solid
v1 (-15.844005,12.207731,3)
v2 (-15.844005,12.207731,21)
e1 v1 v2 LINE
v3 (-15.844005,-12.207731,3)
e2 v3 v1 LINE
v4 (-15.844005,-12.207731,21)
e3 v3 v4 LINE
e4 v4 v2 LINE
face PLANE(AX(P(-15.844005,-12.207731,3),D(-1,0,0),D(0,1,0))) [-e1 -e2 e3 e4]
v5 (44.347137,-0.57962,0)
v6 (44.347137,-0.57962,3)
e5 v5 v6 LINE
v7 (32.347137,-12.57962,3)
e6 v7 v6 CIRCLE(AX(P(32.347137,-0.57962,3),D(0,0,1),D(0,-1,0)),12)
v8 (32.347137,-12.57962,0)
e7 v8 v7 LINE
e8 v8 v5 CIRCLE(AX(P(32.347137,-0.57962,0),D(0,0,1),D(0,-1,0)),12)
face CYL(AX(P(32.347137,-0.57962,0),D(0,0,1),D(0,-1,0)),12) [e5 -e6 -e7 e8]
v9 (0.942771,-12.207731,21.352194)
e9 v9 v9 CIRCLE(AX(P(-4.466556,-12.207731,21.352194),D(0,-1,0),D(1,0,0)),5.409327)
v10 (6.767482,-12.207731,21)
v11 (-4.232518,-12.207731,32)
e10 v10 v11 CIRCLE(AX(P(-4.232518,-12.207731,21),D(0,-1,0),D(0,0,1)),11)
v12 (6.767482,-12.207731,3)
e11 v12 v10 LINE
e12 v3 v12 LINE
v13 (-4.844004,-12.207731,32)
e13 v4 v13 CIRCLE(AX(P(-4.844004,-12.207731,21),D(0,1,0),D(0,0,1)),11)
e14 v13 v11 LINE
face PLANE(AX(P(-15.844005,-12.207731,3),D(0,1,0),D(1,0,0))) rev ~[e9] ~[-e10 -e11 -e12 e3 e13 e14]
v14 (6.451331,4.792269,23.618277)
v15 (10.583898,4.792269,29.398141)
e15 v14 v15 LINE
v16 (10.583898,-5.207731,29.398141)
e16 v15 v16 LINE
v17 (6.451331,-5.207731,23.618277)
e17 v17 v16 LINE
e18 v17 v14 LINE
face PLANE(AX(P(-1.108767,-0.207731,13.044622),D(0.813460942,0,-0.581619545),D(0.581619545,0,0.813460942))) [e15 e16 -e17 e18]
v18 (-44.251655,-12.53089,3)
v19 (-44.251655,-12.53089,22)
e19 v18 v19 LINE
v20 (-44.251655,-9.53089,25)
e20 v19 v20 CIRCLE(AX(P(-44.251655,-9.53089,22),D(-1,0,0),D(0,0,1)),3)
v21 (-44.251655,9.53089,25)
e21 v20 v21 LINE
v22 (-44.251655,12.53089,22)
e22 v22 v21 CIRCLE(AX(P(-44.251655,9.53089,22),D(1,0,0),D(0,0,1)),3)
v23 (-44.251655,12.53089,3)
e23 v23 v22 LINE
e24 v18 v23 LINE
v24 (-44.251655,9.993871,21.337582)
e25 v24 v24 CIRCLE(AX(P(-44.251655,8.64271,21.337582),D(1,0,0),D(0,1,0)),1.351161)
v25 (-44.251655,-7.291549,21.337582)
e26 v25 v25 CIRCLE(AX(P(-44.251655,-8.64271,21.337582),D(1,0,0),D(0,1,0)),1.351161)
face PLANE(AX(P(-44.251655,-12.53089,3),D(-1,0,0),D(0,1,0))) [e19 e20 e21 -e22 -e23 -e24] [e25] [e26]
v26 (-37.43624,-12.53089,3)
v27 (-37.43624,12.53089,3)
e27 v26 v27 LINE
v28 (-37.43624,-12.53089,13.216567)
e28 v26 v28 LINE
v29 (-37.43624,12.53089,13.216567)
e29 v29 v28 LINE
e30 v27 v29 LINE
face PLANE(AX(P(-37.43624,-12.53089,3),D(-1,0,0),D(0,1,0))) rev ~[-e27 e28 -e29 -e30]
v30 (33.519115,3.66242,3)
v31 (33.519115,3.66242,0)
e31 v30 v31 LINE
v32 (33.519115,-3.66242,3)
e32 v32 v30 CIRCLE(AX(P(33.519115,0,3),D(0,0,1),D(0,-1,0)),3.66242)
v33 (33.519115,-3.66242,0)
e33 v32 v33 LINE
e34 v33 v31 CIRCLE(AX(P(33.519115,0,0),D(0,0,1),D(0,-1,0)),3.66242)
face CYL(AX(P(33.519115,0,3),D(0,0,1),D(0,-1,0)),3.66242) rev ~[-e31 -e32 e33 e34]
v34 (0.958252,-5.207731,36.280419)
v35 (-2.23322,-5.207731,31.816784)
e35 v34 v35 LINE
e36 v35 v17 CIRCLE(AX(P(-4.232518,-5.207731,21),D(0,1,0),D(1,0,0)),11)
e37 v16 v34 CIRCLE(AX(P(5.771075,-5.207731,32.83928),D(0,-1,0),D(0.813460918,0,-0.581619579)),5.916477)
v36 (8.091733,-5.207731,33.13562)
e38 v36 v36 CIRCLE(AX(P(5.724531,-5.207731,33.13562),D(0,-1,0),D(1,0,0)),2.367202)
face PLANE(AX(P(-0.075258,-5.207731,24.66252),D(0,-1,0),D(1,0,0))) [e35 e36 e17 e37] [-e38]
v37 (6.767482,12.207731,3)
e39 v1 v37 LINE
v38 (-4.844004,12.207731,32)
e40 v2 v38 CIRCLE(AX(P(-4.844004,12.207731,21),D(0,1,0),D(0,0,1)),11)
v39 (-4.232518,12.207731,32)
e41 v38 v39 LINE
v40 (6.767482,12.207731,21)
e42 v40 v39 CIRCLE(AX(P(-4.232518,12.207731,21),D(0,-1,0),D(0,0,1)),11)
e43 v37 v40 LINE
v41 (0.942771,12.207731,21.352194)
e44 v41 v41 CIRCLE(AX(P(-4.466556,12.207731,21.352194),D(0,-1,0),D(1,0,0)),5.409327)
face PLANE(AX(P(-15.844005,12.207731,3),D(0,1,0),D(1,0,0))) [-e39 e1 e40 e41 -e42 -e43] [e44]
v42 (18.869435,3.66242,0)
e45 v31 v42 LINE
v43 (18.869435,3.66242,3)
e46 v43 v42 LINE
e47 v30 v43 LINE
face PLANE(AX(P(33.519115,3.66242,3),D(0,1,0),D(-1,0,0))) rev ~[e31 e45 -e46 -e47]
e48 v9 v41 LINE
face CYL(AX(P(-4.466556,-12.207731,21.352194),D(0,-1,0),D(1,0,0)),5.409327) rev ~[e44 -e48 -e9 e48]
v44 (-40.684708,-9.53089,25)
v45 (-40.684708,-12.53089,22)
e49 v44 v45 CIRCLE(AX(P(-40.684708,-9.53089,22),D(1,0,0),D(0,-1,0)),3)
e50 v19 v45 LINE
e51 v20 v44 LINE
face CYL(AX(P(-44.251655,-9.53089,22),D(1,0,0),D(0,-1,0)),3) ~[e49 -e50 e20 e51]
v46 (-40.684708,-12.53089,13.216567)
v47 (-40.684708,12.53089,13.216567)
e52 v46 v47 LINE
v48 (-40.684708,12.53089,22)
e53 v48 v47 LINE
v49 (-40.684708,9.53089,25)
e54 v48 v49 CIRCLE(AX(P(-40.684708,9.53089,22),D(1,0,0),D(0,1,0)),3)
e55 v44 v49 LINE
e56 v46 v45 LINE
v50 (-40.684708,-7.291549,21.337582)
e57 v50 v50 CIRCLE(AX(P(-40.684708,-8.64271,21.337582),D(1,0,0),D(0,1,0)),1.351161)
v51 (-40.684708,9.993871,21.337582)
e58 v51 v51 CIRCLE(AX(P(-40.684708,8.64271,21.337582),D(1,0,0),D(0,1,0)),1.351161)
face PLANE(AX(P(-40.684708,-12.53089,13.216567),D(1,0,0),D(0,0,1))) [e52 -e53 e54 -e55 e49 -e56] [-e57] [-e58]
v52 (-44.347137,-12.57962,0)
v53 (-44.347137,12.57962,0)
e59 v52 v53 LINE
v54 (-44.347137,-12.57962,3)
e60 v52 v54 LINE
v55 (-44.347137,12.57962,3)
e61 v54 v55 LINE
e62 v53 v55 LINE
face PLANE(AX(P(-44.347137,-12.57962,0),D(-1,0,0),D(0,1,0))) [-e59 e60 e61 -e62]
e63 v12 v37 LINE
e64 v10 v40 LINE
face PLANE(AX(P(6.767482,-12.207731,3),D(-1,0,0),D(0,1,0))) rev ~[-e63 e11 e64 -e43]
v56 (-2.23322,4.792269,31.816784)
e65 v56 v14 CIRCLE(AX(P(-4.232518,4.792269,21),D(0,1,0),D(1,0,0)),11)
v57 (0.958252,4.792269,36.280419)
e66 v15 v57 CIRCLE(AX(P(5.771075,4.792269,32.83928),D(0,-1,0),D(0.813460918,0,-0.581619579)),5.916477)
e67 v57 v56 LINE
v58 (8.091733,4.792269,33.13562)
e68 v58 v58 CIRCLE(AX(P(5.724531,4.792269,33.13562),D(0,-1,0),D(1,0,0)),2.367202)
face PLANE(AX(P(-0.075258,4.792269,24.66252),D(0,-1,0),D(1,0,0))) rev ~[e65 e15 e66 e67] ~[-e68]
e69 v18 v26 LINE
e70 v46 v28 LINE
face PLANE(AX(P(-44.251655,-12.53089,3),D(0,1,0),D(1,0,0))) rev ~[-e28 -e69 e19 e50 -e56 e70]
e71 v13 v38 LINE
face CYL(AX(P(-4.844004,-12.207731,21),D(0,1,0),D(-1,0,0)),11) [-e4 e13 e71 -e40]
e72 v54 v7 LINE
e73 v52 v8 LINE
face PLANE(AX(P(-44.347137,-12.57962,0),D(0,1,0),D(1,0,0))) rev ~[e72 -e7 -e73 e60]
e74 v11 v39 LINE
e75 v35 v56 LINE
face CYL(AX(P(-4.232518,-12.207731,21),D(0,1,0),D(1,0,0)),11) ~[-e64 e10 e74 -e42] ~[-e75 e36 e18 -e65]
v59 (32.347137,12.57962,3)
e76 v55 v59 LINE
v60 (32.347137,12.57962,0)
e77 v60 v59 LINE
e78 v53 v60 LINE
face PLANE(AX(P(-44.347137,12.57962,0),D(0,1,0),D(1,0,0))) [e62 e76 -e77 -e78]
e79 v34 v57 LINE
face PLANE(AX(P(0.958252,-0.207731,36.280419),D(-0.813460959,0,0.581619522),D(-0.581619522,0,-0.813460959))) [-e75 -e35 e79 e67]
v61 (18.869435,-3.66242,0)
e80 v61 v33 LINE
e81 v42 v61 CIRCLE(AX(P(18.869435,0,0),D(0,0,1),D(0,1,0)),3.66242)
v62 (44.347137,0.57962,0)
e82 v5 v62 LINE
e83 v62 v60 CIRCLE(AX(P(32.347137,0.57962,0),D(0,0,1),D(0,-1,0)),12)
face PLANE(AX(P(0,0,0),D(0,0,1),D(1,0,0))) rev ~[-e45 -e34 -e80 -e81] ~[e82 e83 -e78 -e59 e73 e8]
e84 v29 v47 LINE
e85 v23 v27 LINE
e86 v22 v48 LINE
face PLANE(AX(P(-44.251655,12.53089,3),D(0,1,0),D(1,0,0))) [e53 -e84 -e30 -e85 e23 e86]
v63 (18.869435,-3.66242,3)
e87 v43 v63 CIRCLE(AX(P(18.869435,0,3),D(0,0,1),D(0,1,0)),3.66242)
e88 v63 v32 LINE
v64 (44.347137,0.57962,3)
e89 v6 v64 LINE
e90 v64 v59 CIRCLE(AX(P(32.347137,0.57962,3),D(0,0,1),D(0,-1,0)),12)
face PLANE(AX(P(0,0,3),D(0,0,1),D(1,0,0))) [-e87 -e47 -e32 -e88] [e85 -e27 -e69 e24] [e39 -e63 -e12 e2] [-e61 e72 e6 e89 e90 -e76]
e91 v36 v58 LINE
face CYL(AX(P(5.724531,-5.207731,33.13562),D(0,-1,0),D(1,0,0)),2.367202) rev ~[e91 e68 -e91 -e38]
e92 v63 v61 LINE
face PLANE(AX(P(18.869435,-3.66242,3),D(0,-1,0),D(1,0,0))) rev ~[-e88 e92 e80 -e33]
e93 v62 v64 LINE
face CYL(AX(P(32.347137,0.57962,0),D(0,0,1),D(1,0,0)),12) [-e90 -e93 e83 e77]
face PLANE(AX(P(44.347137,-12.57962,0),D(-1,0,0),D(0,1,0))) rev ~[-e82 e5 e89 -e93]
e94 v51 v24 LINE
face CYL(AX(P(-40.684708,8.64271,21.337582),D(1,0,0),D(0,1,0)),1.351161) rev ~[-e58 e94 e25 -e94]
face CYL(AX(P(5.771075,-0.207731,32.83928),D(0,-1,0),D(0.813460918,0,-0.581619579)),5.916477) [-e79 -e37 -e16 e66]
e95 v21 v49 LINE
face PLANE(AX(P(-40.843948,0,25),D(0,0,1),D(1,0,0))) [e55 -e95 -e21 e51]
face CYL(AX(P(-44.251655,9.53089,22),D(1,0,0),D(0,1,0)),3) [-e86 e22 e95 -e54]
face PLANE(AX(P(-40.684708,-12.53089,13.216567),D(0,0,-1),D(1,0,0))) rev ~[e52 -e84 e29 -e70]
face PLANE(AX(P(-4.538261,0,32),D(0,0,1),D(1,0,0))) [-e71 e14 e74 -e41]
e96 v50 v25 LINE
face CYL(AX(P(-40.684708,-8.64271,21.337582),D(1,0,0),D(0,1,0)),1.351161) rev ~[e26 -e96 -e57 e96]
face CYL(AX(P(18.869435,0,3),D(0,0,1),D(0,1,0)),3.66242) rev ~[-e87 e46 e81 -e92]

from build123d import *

# Parameters (mm, degrees)
SKETCH_W        = 88.694274
SKETCH_H        = 25.15924
PAD_DEPTH       = 3
FILLET_R        = 12
POCKET_DEPTH    = 5
SKETCH002_W     = 6.815415
SKETCH002_H     = 25.06178
PAD001_DEPTH    = 22
FILLET001_R     = 3
SKETCH003_W     = 6.847126
SKETCH003_H     = 18.152864
POCKET001_DEPTH = 25.11151
SKETCH004_R     = 1.351161
POCKET002_DEPTH = 14
SKETCH005_W     = 22.611487
SKETCH005_H     = 24.415462
PAD002_DEPTH    = 29
FILLET002_R     = 11
PAD003_DEPTH    = 5
SKETCH007_R     = 2.367202
POCKET003_DEPTH = 17.788351
SKETCH008_R     = 5.409327
POCKET004_DEPTH = 24.788351


with BuildPart() as part:
    # Sketch → Pad (new body)
    with BuildSketch(Plane.XY):
        Rectangle(SKETCH_W, SKETCH_H)
    extrude(amount=PAD_DEPTH)

    # Fillet
    fillet_edges = [part.edges().sort_by_distance(p)[0] for p in [
        (44.347137, -12.57962, 1.5),
        (44.347137, 12.57962, 1.5),
    ]]
    fillet(fillet_edges, radius=FILLET_R)

    # Sketch001 (on Face5 of Fillet) → Pocket (cut)
    with BuildSketch(Plane.XY.offset(3)):
        with BuildLine():
            ThreePointArc((18.869435, 3.66242), (15.207015, 0), (18.869435, -3.66242))
            Line((18.869435, -3.66242), (33.519115, -3.66242))
            ThreePointArc((33.519115, -3.66242), (37.181535, 0), (33.519115, 3.66242))
            Line((33.519115, 3.66242), (18.869435, 3.66242))
        make_face()
    extrude(amount=-POCKET_DEPTH, mode=Mode.SUBTRACT)

    # Sketch002 (on Face5 of Pocket) → Pad001 (join)
    with BuildSketch(Plane.XY.offset(3)):
        with Locations((-40.843948, 0)):
            Rectangle(SKETCH002_W, SKETCH002_H)
    extrude(amount=PAD001_DEPTH)

    # Fillet001
    fillet001_edges = [part.edges().sort_by_distance(p)[0] for p in [
        (-40.843949, -12.53089, 25),
        (-40.843948, 12.53089, 25),
    ]]
    fillet(fillet001_edges, radius=FILLET001_R)

    # Sketch003 (on Face2 of Fillet001) → Pocket001 (cut, through all)
    with BuildSketch(Plane.XZ.offset(12.53089)):
        with Locations((-37.261145, 22.292999)):
            Rectangle(SKETCH003_W, SKETCH003_H)
    extrude(amount=-POCKET001_DEPTH, mode=Mode.SUBTRACT)

    # Sketch004 (on Face18 of Pocket001) → Pocket002 (cut)
    with BuildSketch(Plane.YZ.offset(-40.684708)):
        with Locations((-8.64271, 21.337582)):
            Circle(SKETCH004_R)
        with Locations((8.64271, 21.337582)):
            Circle(SKETCH004_R)
    extrude(amount=-POCKET002_DEPTH, mode=Mode.SUBTRACT)

    # Sketch005 (on Face2 of Pocket002) → Pad002 (join)
    with BuildSketch(Plane.XY.offset(3)):
        with Locations((-4.538261, 0)):
            Rectangle(SKETCH005_W, SKETCH005_H)
    extrude(amount=PAD002_DEPTH)

    # Fillet002
    fillet002_edges = [part.edges().sort_by_distance(p)[0] for p in [
        (6.767482, 0, 32),
        (-15.844005, 0, 32),
    ]]
    fillet(fillet002_edges, radius=FILLET002_R)

    # Sketch006 (on Face1 of Fillet002) → Pad003 (join, symmetric)
    with BuildSketch(Plane.XZ.offset(0.207731)):
        with BuildLine():
            ThreePointArc((-10.734413, 19.926899), (-9.362729, 11.672937), (-1.108767, 13.044622))
            Line((-1.108767, 13.044622), (10.583898, 29.398141))
            ThreePointArc((10.583898, 29.398141), (9.212214, 37.652103), (0.958252, 36.280419))
            Line((0.958252, 36.280419), (-10.734413, 19.926899))
        make_face()
    extrude(amount=PAD003_DEPTH, both=True)

    # Sketch007 (on Face11 of Pad003) → Pocket003 (cut, through all)
    with BuildSketch(Plane.XZ.offset(5.207731)):
        with Locations((5.724531, 33.13562)):
            Circle(SKETCH007_R)
    extrude(amount=-POCKET003_DEPTH, mode=Mode.SUBTRACT)

    # Sketch008 (on Face1 of Pocket003) → Pocket004 (cut, through all)
    with BuildSketch(Plane.XZ.offset(12.207731)):
        with Locations((-4.466556, 21.352194)):
            Circle(SKETCH008_R)
    extrude(amount=-POCKET004_DEPTH, mode=Mode.SUBTRACT)


solid = part.part
